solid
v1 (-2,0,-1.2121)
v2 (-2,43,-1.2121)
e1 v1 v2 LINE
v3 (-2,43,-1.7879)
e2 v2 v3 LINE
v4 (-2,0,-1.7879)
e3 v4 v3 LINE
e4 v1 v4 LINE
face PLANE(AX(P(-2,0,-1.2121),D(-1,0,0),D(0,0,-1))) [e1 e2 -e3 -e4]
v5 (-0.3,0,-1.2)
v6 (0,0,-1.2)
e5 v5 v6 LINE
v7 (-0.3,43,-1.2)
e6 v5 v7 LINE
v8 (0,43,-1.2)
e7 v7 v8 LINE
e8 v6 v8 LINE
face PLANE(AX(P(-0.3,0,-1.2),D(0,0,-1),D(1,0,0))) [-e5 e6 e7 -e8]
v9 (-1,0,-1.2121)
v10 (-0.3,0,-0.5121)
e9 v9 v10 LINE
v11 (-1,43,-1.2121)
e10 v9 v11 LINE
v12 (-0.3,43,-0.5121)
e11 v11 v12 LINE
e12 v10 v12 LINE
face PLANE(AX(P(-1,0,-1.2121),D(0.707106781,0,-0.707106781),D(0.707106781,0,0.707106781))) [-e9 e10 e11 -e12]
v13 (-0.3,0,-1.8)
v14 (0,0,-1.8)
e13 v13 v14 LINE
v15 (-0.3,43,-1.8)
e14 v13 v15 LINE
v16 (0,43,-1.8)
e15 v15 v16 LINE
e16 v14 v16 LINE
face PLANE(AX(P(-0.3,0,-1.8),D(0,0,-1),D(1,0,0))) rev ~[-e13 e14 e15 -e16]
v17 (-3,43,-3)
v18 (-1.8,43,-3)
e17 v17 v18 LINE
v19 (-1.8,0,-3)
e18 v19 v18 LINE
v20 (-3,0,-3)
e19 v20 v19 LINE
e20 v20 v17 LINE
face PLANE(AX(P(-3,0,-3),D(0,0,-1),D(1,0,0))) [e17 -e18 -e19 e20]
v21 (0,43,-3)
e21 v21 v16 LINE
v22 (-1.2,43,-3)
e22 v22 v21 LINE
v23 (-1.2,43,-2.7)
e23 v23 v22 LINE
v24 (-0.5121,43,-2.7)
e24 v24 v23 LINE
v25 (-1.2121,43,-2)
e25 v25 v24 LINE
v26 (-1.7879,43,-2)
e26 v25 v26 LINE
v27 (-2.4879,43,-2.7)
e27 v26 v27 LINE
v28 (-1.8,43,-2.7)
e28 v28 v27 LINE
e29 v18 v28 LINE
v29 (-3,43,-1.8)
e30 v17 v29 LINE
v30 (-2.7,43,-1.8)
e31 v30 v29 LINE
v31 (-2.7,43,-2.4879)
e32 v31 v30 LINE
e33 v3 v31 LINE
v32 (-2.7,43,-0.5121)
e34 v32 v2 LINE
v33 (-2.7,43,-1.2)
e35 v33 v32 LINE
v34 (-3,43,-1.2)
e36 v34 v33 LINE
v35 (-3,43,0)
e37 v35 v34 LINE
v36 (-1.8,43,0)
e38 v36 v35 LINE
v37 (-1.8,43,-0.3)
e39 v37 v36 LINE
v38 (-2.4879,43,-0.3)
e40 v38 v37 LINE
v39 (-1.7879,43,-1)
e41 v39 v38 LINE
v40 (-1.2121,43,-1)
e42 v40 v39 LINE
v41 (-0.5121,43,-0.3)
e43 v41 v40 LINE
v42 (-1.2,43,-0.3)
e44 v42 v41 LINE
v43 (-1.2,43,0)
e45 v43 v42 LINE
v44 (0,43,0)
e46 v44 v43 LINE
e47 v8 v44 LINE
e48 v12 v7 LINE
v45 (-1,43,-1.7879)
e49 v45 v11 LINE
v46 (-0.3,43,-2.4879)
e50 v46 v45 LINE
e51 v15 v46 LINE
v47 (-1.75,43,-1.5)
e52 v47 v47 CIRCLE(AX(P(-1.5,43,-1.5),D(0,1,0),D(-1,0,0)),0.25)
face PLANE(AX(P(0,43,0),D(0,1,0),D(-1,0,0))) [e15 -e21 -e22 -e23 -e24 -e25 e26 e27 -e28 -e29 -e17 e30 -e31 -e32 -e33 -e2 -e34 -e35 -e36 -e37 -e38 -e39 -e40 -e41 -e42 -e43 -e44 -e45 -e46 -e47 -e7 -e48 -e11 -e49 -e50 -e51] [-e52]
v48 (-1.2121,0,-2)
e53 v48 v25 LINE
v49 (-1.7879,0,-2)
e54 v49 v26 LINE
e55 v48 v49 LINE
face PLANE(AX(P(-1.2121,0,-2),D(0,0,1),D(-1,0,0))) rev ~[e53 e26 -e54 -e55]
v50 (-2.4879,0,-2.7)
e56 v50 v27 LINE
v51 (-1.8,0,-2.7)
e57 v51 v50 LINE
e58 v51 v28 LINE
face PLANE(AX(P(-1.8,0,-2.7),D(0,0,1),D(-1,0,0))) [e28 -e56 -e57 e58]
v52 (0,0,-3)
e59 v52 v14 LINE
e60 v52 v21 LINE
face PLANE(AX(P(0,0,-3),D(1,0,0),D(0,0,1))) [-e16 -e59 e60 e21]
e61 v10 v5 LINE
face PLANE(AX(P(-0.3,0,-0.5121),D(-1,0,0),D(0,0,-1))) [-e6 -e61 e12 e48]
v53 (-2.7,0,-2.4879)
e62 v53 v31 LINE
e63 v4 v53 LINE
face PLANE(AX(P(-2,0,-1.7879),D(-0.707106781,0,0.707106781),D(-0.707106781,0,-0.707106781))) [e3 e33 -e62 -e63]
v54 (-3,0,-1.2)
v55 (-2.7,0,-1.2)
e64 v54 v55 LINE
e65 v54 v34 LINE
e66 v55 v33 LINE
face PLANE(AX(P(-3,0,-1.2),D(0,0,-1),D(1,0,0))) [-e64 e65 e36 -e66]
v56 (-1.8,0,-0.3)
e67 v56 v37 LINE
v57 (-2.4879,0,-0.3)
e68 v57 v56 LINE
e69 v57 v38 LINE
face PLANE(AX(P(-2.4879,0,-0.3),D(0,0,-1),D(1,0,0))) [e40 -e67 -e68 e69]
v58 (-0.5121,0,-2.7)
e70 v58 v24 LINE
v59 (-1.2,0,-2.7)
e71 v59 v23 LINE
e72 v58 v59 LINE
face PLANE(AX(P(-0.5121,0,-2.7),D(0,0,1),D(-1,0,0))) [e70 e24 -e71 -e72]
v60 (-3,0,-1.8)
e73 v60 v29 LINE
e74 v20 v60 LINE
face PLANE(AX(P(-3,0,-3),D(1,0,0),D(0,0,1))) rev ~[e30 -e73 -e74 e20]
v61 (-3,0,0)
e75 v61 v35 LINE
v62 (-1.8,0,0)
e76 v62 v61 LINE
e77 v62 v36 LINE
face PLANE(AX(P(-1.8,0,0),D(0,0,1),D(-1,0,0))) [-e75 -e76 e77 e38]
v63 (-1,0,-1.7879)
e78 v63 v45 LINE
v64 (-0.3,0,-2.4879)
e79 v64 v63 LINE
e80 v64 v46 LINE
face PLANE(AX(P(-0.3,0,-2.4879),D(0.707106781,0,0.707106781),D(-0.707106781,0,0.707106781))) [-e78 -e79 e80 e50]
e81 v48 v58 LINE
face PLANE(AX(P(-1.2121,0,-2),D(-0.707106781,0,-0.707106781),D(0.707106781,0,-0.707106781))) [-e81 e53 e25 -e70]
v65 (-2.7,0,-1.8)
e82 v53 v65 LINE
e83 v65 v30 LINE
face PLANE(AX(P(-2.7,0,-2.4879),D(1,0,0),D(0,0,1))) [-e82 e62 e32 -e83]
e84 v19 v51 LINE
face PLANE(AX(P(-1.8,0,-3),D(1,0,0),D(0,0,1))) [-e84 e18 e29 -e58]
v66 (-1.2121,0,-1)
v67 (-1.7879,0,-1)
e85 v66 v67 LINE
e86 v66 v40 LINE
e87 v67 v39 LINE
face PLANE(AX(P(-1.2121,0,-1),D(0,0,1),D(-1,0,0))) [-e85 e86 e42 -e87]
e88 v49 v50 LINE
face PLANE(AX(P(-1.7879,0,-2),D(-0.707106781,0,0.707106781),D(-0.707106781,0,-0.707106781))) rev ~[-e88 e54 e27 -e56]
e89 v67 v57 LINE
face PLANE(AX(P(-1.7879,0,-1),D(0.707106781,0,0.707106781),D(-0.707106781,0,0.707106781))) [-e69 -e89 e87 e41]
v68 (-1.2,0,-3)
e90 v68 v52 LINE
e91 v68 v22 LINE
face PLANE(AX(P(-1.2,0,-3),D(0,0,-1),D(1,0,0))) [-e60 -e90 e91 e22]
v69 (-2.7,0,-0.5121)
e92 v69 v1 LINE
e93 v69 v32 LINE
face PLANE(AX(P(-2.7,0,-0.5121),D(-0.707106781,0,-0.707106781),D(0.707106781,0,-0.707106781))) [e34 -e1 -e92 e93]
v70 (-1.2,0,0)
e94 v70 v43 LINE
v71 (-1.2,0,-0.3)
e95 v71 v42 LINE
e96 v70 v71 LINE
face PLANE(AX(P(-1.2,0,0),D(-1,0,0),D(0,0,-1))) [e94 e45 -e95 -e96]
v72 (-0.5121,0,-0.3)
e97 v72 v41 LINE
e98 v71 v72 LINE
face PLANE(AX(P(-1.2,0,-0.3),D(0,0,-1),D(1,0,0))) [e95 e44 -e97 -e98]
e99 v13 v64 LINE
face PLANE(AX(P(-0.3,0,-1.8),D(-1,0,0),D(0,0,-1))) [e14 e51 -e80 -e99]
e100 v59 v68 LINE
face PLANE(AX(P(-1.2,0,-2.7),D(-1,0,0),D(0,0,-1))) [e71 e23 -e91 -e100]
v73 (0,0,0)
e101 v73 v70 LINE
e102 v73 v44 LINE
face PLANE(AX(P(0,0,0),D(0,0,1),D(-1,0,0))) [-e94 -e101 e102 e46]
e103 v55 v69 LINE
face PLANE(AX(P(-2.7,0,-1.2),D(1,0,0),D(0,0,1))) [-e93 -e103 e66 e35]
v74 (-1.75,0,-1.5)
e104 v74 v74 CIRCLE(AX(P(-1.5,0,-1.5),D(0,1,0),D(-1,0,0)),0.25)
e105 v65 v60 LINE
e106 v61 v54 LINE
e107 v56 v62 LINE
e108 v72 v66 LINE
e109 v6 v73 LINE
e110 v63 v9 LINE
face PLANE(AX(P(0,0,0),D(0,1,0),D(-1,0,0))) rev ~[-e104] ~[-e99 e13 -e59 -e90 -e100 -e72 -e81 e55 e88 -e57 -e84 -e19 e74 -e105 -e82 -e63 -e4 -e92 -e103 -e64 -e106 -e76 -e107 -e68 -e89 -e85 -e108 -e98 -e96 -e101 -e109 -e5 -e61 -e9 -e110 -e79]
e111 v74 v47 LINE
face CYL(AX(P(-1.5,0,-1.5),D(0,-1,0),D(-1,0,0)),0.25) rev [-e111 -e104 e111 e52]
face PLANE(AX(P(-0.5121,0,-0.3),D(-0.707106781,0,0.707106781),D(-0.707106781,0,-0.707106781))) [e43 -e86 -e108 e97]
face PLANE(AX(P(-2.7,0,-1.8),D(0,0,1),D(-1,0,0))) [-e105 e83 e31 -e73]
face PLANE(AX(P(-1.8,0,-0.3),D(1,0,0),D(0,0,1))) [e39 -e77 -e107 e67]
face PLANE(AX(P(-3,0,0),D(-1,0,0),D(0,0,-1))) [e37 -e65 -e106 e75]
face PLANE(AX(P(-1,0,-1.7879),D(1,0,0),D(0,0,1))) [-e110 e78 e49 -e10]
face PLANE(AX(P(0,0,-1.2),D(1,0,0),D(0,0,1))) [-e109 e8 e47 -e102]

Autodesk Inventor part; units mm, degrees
ref_plane "YZ Plane" through (0, 0, 0) normal (1, 0, 0) x (0, 1, 0)
ref_plane "XZ Plane" through (0, 0, 0) normal (0, 1, 0) x (-1, 0, 0)
ref_plane "XY Plane" through (0, 0, 0) normal (0, 0, 1) x (1, 0, 0)
sketch "Skizze1" plane through (0, 0, 0) normal (0, 1, 0) x (-1, 0, 0)
  line L0 (0, 0) -> (3, 0) construction
  line L1 (3, 0) -> (3, -3) construction
  line L2 (3, -3) -> (0, -3) construction
  line L3 (0, -3) -> (0, 0) construction
  line L4 (3, -1.5) -> (0, -1.5) construction
  line L5 (1.5, -3) -> (1.5, 0) construction
  circle A0 centre (1.5, -1.5) radius 0.25
  line L6 (2, -1) -> (1, -1) construction
  line L7 (1, -1) -> (1, -2) construction
  line L8 (1, -2) -> (2, -2) construction
  line L9 (2, -2) -> (2, -1) construction
  line L10 (1.5, -1) -> (1.5, -2) construction
  line L11 (2, -1.5) -> (1, -1.5) construction
  line L12 (3, -1.2) -> (0, -1.2) construction
  line L13 (1.2, 0) -> (1.2, -3) construction
  line L14 (0, -1.8) -> (3, -1.8) construction
  line L15 (1.8, 0) -> (1.8, -3) construction
  line L16 (2.7, -2.7) -> (2.7, -0.3) construction
  line L17 (2.7, -0.3) -> (0.3, -0.3) construction
  line L18 (0.3, -0.3) -> (0.3, -2.7) construction
  line L19 (0.3, -2.7) -> (2.7, -2.7) construction
  line L20 (2.7, -0.3) -> (0.3, -2.7) construction
  line L21 (2.7, -2.7) -> (0.3, -0.3) construction
  line L22 (2.7, -0.5121) -> (0.5121, -2.7) construction
  line L23 (0.3, -2.4879) -> (2.4879, -0.3) construction
  line L24 (0.5121, -0.3) -> (2.7, -2.4879) construction
  line L25 (2.4879, -2.7) -> (0.3, -0.5121) construction
  line L26 (3, 0) -> (3, -1.2)
  line L27 (3, -1.2) -> (2.7, -1.2)
  line L28 (2.7, -1.2) -> (2.7, -0.5121)
  line L29 (2.7, -0.5121) -> (2, -1.2121)
  line L30 (2, -1.2121) -> (2, -1.7879)
  line L31 (2, -1.7879) -> (2.7, -2.4879)
  line L32 (2.7, -2.4879) -> (2.7, -1.8)
  line L33 (2.7, -1.8) -> (3, -1.8)
  line L34 (3, -3) -> (3, -1.8)
  line L35 (3, -3) -> (1.8, -3)
  line L36 (1.8, -3) -> (1.8, -2.7)
  line L37 (1.8, -2.7) -> (2.4879, -2.7)
  line L38 (1.7879, -2) -> (2.4879, -2.7)
  line L39 (1.2121, -2) -> (1.7879, -2)
  line L40 (1.2121, -2) -> (0.5121, -2.7)
  line L41 (0.5121, -2.7) -> (1.2, -2.7)
  line L42 (1.2, -2.7) -> (1.2, -3)
  line L43 (1.2, -3) -> (0, -3)
  line L44 (0, -3) -> (0, -1.8)
  line L45 (0.3, -1.8) -> (0, -1.8)
  line L46 (0.3, -1.8) -> (0.3, -2.4879)
  line L47 (0.3, -2.4879) -> (1, -1.7879)
  line L48 (1, -1.7879) -> (1, -1.2121)
  line L49 (1, -1.2121) -> (0.3, -0.5121)
  line L50 (0.3, -0.5121) -> (0.3, -1.2)
  line L51 (0.3, -1.2) -> (0, -1.2)
  line L52 (0, -1.2) -> (0, 0)
  line L53 (0, 0) -> (1.2, 0)
  line L54 (1.2, 0) -> (1.2, -0.3)
  line L55 (1.2, -0.3) -> (0.5121, -0.3)
  line L56 (0.5121, -0.3) -> (1.2121, -1)
  line L57 (1.2121, -1) -> (1.7879, -1)
  line L58 (1.7879, -1) -> (2.4879, -0.3)
  line L59 (2.4879, -0.3) -> (1.8, -0.3)
  line L60 (1.8, -0.3) -> (1.8, 0)
  line L61 (1.8, 0) -> (3, 0)
  dimension "d0" = 3
  dimension "d1" = 3
  dimension "d2" = 0.5
  dimension "d3" = 1
  dimension "d4" = 1
  dimension "d5" = 1.2
  dimension "d6" = 1.2
  dimension "d7" = 1.2
  dimension "d8" = 1.2
  dimension "d9" = 0.3
  dimension "d10" = 0.15
  dimension "d11" = 0.15
  dimension "d12" = 0.15
  dimension "d13" = 0.15
extrude "Extrusion1" add sketch "Skizze1" along normal blind 43
properties part number "item_30x30_43cm"
